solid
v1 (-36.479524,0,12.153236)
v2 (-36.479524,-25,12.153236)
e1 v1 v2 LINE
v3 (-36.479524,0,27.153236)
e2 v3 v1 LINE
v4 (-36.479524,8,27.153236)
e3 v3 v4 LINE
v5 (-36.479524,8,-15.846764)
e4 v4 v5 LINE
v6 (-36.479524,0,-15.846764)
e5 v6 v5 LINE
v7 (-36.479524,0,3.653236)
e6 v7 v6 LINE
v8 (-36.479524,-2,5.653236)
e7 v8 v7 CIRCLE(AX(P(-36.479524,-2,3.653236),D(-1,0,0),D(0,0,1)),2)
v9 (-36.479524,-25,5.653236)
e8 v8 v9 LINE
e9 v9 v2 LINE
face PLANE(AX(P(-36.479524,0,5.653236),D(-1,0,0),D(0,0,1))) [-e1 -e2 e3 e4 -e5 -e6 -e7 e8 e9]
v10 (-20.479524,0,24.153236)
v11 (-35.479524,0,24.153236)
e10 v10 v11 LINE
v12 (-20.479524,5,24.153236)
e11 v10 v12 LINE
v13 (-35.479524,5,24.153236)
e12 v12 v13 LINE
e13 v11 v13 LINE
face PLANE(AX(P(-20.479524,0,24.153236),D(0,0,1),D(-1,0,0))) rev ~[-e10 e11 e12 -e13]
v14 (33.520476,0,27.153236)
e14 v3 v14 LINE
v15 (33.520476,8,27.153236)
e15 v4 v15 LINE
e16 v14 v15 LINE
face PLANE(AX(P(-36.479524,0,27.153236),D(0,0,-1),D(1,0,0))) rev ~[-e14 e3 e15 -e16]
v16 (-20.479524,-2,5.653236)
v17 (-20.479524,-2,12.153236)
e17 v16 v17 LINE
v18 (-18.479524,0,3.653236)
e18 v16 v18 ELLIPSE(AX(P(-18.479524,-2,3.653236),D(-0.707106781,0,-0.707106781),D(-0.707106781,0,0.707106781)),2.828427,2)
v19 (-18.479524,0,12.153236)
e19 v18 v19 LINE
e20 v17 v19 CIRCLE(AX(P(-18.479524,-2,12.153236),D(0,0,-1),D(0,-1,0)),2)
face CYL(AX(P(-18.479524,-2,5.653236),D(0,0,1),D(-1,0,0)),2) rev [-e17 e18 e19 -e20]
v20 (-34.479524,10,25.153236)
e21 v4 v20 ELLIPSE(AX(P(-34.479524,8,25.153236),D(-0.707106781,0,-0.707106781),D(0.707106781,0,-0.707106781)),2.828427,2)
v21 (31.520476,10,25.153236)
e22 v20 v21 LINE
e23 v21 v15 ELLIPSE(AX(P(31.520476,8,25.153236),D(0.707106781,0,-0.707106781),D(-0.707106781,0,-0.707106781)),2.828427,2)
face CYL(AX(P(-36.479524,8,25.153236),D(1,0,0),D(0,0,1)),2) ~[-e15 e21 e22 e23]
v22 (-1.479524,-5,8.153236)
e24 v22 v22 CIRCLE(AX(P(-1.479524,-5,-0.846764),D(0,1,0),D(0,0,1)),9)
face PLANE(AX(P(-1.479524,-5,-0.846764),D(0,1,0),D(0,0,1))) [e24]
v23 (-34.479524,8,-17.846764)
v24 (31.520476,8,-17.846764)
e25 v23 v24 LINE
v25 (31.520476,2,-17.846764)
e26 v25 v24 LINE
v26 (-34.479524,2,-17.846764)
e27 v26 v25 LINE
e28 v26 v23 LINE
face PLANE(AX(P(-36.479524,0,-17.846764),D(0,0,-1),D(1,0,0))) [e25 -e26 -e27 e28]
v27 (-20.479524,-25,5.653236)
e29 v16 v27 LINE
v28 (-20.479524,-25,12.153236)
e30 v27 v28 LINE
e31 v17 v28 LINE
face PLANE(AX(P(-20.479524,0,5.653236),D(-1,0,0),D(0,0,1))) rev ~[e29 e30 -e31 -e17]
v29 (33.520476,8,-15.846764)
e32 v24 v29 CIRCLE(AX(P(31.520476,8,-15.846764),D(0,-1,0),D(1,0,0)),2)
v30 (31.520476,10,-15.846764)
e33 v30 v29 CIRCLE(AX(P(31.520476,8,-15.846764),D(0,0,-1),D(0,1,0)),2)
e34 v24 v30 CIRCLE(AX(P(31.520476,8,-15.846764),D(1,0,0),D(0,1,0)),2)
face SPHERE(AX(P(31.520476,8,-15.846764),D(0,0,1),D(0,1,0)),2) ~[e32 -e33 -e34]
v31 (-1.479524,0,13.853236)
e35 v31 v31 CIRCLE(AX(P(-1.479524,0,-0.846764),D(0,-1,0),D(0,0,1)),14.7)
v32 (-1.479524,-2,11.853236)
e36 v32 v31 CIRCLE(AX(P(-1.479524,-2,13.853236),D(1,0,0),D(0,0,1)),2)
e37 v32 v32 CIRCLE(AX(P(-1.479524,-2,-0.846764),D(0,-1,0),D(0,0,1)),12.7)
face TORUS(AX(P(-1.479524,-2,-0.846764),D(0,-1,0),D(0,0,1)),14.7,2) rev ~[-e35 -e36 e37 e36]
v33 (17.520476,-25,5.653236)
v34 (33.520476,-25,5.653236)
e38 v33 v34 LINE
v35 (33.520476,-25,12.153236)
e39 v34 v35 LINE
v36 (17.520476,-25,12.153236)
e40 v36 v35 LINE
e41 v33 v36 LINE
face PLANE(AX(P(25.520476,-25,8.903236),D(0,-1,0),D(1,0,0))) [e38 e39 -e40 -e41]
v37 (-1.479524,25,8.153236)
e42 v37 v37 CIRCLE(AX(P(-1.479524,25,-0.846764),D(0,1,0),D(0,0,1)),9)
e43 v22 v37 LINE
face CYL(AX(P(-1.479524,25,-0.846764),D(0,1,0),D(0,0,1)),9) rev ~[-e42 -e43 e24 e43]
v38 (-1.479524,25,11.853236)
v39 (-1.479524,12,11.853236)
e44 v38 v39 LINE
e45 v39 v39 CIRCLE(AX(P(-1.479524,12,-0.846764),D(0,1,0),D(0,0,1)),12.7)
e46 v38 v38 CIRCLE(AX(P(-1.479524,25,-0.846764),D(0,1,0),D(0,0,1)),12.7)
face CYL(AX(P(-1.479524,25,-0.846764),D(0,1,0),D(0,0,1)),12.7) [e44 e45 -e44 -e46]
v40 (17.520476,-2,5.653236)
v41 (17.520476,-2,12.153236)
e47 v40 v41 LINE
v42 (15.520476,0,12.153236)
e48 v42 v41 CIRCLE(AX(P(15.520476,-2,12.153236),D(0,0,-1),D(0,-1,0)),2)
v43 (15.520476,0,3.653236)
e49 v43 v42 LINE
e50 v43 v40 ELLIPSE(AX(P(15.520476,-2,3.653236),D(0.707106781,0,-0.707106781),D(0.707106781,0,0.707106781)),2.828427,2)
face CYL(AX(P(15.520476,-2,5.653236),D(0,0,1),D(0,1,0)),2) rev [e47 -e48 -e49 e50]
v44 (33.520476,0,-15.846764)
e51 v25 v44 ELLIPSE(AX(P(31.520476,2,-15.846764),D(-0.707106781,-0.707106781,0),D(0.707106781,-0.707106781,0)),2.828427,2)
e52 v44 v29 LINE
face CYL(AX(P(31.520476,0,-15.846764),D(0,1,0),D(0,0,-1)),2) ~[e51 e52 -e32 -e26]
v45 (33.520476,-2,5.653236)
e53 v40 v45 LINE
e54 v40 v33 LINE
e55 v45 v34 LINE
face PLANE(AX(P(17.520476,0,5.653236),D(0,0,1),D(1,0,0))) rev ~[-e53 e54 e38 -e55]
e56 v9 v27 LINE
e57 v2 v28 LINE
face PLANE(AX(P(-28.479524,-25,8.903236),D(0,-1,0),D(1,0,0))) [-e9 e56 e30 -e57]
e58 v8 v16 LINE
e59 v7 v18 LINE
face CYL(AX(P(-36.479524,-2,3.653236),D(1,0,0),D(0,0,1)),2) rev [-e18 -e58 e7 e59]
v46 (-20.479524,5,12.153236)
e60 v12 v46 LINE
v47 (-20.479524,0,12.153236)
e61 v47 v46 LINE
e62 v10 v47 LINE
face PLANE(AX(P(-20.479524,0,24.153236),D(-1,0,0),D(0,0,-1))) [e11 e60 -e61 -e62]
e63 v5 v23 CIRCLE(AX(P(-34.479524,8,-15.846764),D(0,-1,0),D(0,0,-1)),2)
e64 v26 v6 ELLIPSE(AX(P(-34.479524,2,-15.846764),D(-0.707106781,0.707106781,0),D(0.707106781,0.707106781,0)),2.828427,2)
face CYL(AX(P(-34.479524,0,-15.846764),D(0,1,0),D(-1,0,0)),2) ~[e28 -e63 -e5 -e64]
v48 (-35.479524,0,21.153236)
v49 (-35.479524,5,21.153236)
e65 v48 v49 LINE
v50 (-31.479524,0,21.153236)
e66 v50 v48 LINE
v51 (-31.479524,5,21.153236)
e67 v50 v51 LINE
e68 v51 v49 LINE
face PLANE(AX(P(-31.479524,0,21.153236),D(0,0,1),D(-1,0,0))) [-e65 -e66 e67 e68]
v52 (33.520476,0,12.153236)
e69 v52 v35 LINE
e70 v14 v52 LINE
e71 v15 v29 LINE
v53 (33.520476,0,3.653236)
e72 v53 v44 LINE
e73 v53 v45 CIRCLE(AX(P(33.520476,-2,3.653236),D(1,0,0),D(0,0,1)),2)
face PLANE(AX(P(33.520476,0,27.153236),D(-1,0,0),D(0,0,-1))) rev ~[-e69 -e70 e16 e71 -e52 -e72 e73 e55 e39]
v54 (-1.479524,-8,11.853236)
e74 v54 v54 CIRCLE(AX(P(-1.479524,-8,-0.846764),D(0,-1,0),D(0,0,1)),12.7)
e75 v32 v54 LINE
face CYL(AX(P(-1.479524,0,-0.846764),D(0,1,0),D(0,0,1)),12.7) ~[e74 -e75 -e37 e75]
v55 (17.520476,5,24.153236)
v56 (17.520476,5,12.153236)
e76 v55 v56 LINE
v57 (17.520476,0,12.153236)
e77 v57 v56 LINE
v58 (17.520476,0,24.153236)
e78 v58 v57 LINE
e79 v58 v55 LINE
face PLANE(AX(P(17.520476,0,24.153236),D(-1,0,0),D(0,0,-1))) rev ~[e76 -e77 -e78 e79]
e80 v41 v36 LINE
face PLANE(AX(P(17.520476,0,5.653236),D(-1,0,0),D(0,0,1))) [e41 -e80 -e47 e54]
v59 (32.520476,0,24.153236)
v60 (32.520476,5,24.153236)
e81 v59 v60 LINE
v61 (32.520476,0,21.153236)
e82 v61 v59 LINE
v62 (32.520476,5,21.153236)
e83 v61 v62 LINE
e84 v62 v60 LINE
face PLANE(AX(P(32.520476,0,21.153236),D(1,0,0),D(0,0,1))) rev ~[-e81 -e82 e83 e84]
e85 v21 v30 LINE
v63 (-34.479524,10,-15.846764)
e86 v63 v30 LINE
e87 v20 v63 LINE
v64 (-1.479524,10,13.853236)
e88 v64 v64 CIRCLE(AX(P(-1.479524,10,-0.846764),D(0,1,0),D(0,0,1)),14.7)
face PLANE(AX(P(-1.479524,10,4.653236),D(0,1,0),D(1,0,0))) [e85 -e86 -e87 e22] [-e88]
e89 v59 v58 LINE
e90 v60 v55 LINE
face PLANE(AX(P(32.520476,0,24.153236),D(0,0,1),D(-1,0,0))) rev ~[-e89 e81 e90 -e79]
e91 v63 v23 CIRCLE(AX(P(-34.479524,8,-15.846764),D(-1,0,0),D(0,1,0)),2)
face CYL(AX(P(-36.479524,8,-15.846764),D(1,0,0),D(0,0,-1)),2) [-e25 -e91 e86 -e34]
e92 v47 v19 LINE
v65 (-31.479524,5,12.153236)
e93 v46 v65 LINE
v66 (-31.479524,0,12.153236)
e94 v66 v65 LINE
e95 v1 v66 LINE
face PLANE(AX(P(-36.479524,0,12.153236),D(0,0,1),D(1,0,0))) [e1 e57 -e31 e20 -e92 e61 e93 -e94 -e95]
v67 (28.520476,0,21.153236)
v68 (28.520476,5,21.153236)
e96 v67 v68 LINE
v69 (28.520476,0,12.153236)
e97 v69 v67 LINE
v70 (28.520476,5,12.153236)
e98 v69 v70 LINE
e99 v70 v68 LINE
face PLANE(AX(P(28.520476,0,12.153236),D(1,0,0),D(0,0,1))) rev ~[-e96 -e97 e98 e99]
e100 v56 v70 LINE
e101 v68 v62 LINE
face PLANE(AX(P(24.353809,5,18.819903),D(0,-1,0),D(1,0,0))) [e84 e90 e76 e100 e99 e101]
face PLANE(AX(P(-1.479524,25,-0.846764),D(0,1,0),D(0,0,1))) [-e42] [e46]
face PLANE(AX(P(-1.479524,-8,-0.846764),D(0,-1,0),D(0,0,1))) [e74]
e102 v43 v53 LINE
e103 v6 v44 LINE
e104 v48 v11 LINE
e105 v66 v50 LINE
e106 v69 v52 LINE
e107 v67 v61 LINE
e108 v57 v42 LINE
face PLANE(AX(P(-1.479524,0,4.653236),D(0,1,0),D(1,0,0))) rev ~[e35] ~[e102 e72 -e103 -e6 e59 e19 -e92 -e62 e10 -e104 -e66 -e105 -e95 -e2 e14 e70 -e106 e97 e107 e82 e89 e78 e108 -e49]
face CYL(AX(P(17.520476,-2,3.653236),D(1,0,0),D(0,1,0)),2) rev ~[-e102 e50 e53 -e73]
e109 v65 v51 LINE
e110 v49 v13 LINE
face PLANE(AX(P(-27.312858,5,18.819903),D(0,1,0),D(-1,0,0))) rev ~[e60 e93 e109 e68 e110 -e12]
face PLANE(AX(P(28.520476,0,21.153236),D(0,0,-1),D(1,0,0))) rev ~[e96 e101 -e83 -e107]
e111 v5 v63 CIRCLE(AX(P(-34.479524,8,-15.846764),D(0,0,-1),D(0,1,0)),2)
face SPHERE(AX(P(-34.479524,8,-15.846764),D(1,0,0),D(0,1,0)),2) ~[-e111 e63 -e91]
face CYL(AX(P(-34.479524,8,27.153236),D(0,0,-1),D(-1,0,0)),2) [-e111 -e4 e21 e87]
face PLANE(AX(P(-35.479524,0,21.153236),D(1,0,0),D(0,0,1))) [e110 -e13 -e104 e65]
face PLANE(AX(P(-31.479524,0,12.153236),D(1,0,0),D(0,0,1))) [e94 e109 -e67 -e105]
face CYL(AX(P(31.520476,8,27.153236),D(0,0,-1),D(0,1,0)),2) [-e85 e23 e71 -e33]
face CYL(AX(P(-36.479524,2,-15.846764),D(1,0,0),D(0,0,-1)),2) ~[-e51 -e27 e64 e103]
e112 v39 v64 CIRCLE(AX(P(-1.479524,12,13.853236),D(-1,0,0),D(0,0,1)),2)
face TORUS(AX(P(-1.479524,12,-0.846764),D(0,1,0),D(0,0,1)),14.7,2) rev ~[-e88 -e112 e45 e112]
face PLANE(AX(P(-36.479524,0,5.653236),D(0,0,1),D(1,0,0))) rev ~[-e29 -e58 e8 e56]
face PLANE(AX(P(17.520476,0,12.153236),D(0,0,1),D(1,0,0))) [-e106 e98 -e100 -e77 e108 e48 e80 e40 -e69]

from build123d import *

# Parameters (mm, degrees)
SKETCH1_W           = 70
SKETCH1_H           = 45
BOSS_EXTRUDE1_DEPTH = 10
CUT_EXTRUDE1_DEPTH  = 5
FILLET1_R           = 2
SKETCH3_R           = 9
CUT_EXTRUDE3_DEPTH  = 25
BOSS_EXTRUDE2_START = 15
SKETCH5_R           = 12.7
SKETCH5_R_2         = 9
BOSS_EXTRUDE2_DEPTH = 15
FILLET2_R           = 2
SKETCH6_R           = 12.7
BOSS_EXTRUDE3_DEPTH = 8
FILLET3_R           = 2
SKETCH7_R           = 9
CUT_EXTRUDE4_DEPTH  = 5
SKETCH8_W           = 16
SKETCH8_H           = 6.5
BOSS_EXTRUDE4_DEPTH = 25
FILLET4_R           = 2


with BuildPart() as part:
    # Sketch1 → Boss-Extrude1 (new body)
    with BuildSketch(Plane(origin=(0, 0, 0), x_dir=(1, 0, 0), z_dir=(0, 1, 0))):
        with Locations((-1.479524439, -4.65323646)):
            Rectangle(SKETCH1_W, SKETCH1_H)
    extrude(amount=BOSS_EXTRUDE1_DEPTH)

    # Sketch2 → Cut-Extrude1 (cut)
    with BuildSketch(Plane.XZ):
        Polygon((28.520475561, 24.15323646), (17.520475561, 24.15323646), (17.520475561, 12.15323646), (28.520475561, 12.15323646), (28.520475561, 21.15323646), (32.520475561, 21.15323646), (32.520475561, 24.15323646), align=None)
        Polygon((-31.479524439, 21.15323646), (-35.479524439, 21.15323646), (-35.479524439, 24.15323646), (-31.479524439, 24.15323646), (-20.479524439, 24.15323646), (-20.479524439, 12.15323646), (-31.479524439, 12.15323646), align=None)
    extrude(amount=-CUT_EXTRUDE1_DEPTH, mode=Mode.SUBTRACT)

    # Fillet1
    fillet1_edges = [part.edges().sort_by_distance(p)[0] for p in [
        (33.520475561, 10, 4.65323646),
        (-1.479524439, 10, -17.84676354),
        (-36.479524439, 10, 4.65323646),
        (-1.479524439, 0, -17.84676354),
        (-36.479524439, 5, -17.84676354),
        (33.520475561, 5, -17.84676354),
        (-1.479524439, 10, 27.15323646),
    ]]
    fillet(fillet1_edges, radius=FILLET1_R)

    # Sketch3 → Cut-Extrude3 (cut)
    with BuildSketch(Plane(origin=(0, 10, 0), x_dir=(1, 0, 0), z_dir=(0, 1, 0))):
        with Locations(Location((-1.479524439, 0.84676354, 0), (0, 0, 270))):
            Circle(SKETCH3_R)
    extrude(amount=-CUT_EXTRUDE3_DEPTH, mode=Mode.SUBTRACT)

    # Sketch5 → Boss-Extrude2 (add)
    with BuildSketch(Plane(origin=(0, 10, 0), x_dir=(1, 0, 0), z_dir=(0, 1, 0)).offset(BOSS_EXTRUDE2_START)):
        with Locations(Location((-1.479524439, 0.84676354, 0), (0, 0, 270))):
            Circle(SKETCH5_R)
        with Locations(Location((-1.479524439, 0.84676354, 0), (0, 0, 270))):
            Circle(SKETCH5_R_2, mode=Mode.SUBTRACT)
    extrude(amount=-BOSS_EXTRUDE2_DEPTH)

    # Fillet2
    fillet2_edges = [part.edges().sort_by_distance(p)[0] for p in [
        (-1.479524439, 10, -13.54676354),
    ]]
    fillet(fillet2_edges, radius=FILLET2_R)

    # Sketch6 → Boss-Extrude3 (add)
    with BuildSketch(Plane.XZ):
        with Locations(Location((-1.479524439, -0.84676354, 0), (0, 0, 90))):
            Circle(SKETCH6_R)
    extrude(amount=BOSS_EXTRUDE3_DEPTH)

    # Fillet3
    fillet3_edges = [part.edges().sort_by_distance(p)[0] for p in [
        (-1.479524439, 0, -13.54676354),
    ]]
    fillet(fillet3_edges, radius=FILLET3_R)

    # Sketch7 → Cut-Extrude4 (cut)
    with BuildSketch(Plane(origin=(0, 0, 0), x_dir=(1, 0, 0), z_dir=(0, 1, 0))):
        with Locations(Location((-1.479524439, 0.84676354, 0), (0, 0, 270))):
            Circle(SKETCH7_R)
    extrude(amount=-CUT_EXTRUDE4_DEPTH, mode=Mode.SUBTRACT)

    # Sketch8 → Boss-Extrude4 (add)
    with BuildSketch(Plane.XZ):
        with Locations((-28.479524439, 8.90323646)):
            Rectangle(SKETCH8_W, SKETCH8_H)
        with Locations((25.520475561, 8.90323646)):
            Rectangle(SKETCH8_W, SKETCH8_H)
    extrude(amount=BOSS_EXTRUDE4_DEPTH)

    # Fillet4
    fillet4_edges = [part.edges().sort_by_distance(p)[0] for p in [
        (-20.479524439, 0, 8.90323646),
        (-28.479524439, 0, 5.65323646),
        (17.520475561, 0, 8.90323646),
        (25.520475561, 0, 5.65323646),
    ]]
    fillet(fillet4_edges, radius=FILLET4_R)


solid = part.part
